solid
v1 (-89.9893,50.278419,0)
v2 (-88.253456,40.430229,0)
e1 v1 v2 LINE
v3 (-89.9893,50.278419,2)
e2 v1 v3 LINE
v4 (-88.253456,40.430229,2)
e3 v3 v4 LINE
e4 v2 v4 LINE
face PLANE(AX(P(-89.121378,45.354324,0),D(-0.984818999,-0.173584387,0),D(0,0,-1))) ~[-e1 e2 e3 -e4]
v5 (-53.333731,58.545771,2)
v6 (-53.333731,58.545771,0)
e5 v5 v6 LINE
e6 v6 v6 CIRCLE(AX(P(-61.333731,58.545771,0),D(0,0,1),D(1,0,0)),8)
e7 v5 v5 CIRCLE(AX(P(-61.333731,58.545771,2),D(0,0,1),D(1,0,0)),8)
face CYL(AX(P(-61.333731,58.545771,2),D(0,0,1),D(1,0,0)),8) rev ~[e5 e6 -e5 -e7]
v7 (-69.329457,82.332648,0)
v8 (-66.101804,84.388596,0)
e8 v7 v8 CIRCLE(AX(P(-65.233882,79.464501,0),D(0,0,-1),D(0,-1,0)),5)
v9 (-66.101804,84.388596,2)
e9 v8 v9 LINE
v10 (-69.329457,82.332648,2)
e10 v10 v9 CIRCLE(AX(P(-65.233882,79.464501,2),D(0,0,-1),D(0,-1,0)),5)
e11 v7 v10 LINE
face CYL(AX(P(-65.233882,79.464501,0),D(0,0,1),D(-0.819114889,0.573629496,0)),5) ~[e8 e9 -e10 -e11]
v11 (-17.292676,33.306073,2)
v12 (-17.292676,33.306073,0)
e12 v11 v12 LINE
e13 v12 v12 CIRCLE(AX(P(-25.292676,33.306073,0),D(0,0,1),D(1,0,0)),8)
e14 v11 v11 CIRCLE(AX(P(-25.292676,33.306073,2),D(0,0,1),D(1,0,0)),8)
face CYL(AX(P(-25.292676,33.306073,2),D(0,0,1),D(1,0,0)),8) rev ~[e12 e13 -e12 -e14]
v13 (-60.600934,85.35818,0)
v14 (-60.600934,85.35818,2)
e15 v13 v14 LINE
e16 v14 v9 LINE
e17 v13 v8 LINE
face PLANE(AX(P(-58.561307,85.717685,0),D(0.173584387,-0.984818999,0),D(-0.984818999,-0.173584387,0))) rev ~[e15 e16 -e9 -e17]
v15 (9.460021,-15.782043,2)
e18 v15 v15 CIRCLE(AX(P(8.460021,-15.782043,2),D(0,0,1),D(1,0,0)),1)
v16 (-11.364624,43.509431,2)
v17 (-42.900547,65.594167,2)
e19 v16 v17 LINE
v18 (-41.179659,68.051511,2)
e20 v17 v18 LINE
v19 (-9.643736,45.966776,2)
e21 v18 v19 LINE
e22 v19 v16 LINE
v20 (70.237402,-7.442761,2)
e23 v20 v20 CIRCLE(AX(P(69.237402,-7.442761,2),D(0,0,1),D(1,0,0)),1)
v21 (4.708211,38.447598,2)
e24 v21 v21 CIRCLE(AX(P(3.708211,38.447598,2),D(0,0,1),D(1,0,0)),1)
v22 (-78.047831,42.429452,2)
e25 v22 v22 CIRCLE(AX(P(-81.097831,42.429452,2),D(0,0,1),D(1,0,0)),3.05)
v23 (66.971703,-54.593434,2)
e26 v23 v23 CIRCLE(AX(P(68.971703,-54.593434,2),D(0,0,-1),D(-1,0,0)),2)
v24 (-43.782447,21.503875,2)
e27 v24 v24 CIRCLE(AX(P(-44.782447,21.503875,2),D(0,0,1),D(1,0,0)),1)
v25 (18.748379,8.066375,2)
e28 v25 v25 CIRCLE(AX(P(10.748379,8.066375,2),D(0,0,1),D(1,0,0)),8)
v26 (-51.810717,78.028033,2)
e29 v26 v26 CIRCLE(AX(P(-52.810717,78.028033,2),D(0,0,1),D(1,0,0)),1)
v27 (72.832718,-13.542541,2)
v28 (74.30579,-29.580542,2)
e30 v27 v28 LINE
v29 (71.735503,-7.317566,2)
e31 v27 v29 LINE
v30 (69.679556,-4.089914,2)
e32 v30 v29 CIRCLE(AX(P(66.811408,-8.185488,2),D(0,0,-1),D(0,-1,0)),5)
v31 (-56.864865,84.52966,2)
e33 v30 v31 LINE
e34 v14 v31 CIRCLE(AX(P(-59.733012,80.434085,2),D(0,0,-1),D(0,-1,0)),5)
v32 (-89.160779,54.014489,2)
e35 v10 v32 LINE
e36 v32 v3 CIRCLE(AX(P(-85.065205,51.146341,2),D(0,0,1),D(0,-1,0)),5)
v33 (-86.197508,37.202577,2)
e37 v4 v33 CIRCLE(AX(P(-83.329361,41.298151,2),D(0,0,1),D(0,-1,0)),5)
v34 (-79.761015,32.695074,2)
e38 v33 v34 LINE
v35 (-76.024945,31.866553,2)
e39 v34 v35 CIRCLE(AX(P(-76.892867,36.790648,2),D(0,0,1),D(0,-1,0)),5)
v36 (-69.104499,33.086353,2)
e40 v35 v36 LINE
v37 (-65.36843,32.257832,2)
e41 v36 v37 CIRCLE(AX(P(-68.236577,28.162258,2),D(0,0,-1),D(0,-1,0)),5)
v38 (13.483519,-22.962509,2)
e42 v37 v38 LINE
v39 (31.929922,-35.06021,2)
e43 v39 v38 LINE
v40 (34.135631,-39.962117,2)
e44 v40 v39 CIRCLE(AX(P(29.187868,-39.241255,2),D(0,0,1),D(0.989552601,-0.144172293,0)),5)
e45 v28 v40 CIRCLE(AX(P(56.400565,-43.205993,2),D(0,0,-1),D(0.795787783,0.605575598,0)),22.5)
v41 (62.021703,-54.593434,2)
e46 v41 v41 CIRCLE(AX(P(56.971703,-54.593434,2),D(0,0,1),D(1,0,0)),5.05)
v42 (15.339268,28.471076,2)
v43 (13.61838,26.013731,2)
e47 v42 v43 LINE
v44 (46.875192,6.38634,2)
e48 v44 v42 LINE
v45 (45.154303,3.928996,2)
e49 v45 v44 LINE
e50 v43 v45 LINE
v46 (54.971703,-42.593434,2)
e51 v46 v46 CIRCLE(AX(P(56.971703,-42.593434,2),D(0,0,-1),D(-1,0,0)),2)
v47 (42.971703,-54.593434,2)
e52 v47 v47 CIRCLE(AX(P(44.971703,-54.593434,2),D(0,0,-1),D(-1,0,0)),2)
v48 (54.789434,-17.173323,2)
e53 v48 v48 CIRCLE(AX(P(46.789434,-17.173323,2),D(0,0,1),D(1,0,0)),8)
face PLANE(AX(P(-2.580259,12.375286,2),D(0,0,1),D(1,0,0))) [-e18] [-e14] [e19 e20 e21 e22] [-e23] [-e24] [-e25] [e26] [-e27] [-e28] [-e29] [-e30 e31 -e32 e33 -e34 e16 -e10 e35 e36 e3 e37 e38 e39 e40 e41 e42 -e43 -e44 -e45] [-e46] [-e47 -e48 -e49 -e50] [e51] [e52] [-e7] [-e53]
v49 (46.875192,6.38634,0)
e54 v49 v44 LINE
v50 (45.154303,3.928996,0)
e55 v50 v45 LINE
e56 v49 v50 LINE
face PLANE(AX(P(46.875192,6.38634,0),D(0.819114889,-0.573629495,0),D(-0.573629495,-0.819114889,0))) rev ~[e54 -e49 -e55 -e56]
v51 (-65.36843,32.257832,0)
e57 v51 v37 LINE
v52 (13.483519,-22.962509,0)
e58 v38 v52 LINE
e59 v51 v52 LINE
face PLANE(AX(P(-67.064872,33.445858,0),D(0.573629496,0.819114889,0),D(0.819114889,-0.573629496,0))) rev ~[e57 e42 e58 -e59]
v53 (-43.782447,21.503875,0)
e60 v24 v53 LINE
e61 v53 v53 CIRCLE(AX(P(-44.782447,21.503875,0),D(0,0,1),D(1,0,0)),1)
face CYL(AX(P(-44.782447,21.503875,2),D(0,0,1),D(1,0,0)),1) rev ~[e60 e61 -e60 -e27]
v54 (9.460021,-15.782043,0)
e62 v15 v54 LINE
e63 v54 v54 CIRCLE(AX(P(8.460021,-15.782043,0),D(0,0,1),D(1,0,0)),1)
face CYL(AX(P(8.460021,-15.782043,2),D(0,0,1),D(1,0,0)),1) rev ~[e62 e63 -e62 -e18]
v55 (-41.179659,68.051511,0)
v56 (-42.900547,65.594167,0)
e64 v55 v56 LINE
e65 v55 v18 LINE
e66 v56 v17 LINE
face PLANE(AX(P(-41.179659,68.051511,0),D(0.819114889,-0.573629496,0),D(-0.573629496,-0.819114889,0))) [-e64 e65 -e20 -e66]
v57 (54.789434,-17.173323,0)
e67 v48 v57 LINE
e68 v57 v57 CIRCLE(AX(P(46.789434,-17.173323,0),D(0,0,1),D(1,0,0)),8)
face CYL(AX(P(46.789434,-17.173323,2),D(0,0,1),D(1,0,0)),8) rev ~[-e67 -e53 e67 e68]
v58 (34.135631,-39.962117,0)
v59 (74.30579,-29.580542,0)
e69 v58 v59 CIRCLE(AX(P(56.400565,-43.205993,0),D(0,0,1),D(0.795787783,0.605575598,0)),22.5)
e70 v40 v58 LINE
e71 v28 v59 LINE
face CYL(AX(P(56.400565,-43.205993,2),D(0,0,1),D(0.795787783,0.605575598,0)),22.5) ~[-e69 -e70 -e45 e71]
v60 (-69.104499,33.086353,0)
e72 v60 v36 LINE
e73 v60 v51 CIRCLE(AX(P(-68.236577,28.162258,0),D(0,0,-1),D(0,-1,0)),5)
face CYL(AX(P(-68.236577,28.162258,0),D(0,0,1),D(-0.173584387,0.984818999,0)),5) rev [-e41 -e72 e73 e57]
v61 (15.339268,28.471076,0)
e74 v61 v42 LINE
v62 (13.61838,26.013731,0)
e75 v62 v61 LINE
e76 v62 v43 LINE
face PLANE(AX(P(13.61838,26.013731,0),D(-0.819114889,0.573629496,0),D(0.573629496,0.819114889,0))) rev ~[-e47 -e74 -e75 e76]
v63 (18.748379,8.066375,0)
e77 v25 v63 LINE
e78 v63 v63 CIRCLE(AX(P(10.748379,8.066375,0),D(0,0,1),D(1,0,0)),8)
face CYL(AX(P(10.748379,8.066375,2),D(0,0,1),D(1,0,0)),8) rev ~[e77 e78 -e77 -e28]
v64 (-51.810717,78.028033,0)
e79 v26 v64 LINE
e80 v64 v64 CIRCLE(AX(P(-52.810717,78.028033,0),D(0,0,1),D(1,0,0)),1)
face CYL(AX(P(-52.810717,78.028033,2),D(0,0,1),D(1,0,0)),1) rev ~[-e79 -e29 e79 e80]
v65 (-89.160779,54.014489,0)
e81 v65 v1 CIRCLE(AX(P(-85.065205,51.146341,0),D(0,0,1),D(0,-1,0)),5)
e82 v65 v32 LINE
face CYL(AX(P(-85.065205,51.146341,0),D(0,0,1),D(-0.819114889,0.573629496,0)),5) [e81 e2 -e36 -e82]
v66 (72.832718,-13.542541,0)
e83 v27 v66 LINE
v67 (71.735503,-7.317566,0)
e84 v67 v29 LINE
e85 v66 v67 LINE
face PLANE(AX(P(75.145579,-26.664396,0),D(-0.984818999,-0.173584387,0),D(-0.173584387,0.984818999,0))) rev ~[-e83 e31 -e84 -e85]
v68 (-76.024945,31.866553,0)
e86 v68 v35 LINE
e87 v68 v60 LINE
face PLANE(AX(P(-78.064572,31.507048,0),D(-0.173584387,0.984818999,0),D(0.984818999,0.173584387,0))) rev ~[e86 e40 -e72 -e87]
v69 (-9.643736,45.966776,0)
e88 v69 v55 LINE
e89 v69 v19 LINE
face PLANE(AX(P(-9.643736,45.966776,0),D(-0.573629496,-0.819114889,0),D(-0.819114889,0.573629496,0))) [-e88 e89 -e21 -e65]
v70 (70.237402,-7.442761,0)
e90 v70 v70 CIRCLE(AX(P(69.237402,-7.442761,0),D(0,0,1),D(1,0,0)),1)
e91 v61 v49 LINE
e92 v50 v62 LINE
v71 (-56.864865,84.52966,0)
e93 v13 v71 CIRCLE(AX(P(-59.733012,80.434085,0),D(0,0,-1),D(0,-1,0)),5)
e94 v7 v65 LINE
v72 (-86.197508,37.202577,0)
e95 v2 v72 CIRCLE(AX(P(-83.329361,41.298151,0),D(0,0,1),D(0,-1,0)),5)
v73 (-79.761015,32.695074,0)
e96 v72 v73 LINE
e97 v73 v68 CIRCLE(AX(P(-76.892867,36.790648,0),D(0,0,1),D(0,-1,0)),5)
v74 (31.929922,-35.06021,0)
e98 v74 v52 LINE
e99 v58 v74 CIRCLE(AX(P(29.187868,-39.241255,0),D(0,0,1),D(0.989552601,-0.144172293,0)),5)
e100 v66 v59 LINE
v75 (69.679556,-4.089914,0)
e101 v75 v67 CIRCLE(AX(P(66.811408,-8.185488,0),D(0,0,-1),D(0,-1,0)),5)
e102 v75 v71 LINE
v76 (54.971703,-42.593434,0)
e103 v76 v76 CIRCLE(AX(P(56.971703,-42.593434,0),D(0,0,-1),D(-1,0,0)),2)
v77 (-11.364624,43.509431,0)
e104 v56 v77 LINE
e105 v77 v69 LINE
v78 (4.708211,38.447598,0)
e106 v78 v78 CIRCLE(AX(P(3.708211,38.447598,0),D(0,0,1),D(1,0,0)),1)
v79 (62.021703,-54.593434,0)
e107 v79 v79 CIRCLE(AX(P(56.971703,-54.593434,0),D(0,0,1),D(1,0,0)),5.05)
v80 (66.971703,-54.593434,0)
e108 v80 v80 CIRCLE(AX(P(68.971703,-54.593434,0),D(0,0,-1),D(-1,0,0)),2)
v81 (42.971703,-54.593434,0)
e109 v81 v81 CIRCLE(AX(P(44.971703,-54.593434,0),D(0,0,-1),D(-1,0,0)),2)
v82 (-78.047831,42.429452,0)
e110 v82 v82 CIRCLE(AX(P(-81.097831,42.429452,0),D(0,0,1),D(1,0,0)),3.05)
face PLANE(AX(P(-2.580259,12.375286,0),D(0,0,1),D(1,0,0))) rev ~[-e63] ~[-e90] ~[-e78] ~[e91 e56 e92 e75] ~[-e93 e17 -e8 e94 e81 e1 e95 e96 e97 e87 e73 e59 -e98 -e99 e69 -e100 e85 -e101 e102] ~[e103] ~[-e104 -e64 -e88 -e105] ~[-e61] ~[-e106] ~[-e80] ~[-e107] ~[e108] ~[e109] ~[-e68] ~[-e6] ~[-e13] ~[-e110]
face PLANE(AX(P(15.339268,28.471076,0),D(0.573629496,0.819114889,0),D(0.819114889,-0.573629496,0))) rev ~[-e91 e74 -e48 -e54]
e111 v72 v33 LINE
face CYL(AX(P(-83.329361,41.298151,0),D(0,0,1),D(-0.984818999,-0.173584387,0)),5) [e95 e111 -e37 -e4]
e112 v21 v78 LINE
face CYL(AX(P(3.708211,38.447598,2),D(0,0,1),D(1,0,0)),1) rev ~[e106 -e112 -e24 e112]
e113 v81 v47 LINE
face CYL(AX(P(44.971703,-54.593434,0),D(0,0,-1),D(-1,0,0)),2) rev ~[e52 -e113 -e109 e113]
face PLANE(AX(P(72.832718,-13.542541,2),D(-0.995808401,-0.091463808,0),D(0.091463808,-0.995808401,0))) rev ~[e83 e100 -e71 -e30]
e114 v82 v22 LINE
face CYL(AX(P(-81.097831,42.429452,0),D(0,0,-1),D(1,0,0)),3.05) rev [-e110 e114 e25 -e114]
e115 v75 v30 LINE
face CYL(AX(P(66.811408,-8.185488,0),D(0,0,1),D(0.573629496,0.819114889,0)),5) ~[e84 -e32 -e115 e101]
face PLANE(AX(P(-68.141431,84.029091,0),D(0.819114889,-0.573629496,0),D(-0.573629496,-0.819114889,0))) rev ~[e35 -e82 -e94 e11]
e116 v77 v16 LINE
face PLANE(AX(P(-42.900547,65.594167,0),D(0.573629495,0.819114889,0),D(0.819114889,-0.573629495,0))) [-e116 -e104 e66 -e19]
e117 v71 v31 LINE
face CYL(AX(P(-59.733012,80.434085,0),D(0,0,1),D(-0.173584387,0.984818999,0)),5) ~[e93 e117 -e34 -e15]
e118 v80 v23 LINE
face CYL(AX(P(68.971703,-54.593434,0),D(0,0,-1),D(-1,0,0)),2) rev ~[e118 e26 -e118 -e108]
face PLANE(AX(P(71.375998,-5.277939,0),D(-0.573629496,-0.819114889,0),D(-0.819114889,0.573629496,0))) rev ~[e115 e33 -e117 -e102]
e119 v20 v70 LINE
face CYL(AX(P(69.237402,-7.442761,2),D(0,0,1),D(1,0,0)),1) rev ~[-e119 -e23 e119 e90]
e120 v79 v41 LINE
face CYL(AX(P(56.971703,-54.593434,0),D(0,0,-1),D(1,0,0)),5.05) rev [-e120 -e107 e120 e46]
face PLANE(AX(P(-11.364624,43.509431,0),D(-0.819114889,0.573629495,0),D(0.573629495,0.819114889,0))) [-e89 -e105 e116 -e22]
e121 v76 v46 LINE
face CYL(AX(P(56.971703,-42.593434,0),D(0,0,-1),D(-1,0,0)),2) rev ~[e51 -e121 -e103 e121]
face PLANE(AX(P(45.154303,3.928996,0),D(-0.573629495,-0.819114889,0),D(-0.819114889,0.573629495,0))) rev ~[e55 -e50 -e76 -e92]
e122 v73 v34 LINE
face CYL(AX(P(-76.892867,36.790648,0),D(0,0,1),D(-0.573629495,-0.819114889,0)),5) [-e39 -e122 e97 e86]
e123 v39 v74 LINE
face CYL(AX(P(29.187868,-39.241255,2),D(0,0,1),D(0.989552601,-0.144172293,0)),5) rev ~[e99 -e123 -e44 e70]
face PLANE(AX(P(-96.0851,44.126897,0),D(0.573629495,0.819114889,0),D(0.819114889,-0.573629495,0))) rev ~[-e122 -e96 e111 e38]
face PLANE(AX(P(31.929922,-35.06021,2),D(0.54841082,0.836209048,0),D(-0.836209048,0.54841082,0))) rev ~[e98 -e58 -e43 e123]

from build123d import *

# Parameters (mm, degrees)
SKETCH_1_R          = 5.05
SKETCH_1_R_2        = 3.05
EXTRUDE_1_DEPTH     = 2
SKETCH_4_R          = 8
CUT_EXTRUDE_2_DEPTH = 10
CHAMFER_4_SIZE      = 10
FILLET_1_R          = 5
SKETCH_5_R          = 2
CUT_EXTRUDE_3_DEPTH = 10
SKETCH_6_R          = 1
CUT_EXTRUDE_4_DEPTH = 10
CUT_EXTRUDE_5_DEPTH = 10
CUT_EXTRUDE_6_DEPTH = 3


with BuildPart() as part:
    # 草图1 → 凸台-拉伸1 (new body)
    with BuildSketch(Plane.XY):
        with BuildLine():
            Line((-58.561307239, 85.717685223), (-68.14143119, 84.029090729))
            Line((-68.14143119, 84.029090729), (-96.085099854, 44.126897339))
            Line((-96.085099854, 44.126897339), (-78.064572289, 31.507048438))
            Line((-78.064572289, 31.507048438), (-67.064872022, 33.445857727))
            Line((-67.064872022, 33.445857727), (32.399547585, -36.209480718))
            ThreePointArc((32.399547585, -36.209480718), (61.848825623, -67.605100723), (75.145579183, -26.664396317))
            Line((75.145579183, -26.664396317), (71.375998152, -5.277939337))
            Line((71.375998152, -5.277939337), (-58.561307239, 85.717685223))
        make_face()
        with Locations((56.971703287, -54.593433609)):
            Circle(SKETCH_1_R, mode=Mode.SUBTRACT)
        with Locations((-81.097830738, 42.429451993)):
            Circle(SKETCH_1_R_2, mode=Mode.SUBTRACT)
    extrude(amount=EXTRUDE_1_DEPTH)

    # 草图4 → 切除-拉伸2 (cut)
    with BuildSketch(Plane.XY.offset(2)):
        with Locations((-61.33373119, 58.54577073)):
            Circle(SKETCH_4_R)
        with Locations((-25.29267606, 33.306072927)):
            Circle(SKETCH_4_R)
        with Locations((10.74837907, 8.066375125)):
            Circle(SKETCH_4_R)
        with Locations((46.789434199, -17.173322677)):
            Circle(SKETCH_4_R)
    extrude(amount=-CUT_EXTRUDE_2_DEPTH, mode=Mode.SUBTRACT)

    # 倒角4
    chamfer_4_edges = [part.edges().sort_by_distance(p)[0] for p in [
        (-96.085099854, 44.126897339, 1),
    ]]
    chamfer(chamfer_4_edges, length=CHAMFER_4_SIZE)

    # 圆角1
    fillet_1_edges = [part.edges().sort_by_distance(p)[0] for p in [
        (-68.14143119, 84.029090729, 1),
        (-58.561307239, 85.717685223, 1),
        (71.375998152, -5.277939337, 1),
        (32.399547585, -36.209480718, 1),
        (-67.064872022, 33.445857727, 1),
        (-78.064572289, 31.507048438, 1),
        (-87.893950961, 38.390602384, 1),
        (-90.348804899, 52.318046232, 1),
    ]]
    fillet(fillet_1_edges, radius=FILLET_1_R)

    # 草图5 → 切除-拉伸3 (cut)
    with BuildSketch(Plane(origin=(0, 0, 0), x_dir=(-1, 0, 0), z_dir=(0, 0, -1))):
        with Locations((-56.971703287, -42.593433609)):
            Circle(SKETCH_5_R)
        with Locations((-44.971703287, -54.593433609)):
            Circle(SKETCH_5_R)
        with Locations((-68.971703287, -54.593433609)):
            Circle(SKETCH_5_R)
    extrude(amount=-CUT_EXTRUDE_3_DEPTH, mode=Mode.SUBTRACT)

    # 草图6 → 切除-拉伸4 (cut)
    with BuildSketch(Plane.XY.offset(2)):
        with Locations((-52.81071672, 78.028033355)):
            Circle(SKETCH_6_R)
        with Locations((3.708210642, 38.447598165)):
            Circle(SKETCH_6_R)
        with Locations((69.237401787, -7.442761475)):
            Circle(SKETCH_6_R)
        with Locations((-44.782446967, 21.503874532)):
            Circle(SKETCH_6_R)
        with Locations((8.460020838, -15.782042676)):
            Circle(SKETCH_6_R)
    extrude(amount=-CUT_EXTRUDE_4_DEPTH, mode=Mode.SUBTRACT)

    # 草图7 → 切除-拉伸5 (cut)
    with BuildSketch(Plane(origin=(0, 0, 0), x_dir=(-1, 0, 0), z_dir=(0, 0, -1))):
        Polygon((42.900547388, 65.594166547), (11.364624149, 43.50943097), (9.643735663, 45.966775638), (41.179658901, 68.051511215), align=None)
        Polygon((-45.154303213, 3.92899578), (-13.618379974, 26.013731357), (-15.339268461, 28.471076025), (-46.875191699, 6.386340448), align=None)
    extrude(amount=-CUT_EXTRUDE_5_DEPTH, mode=Mode.SUBTRACT)

    # 草图8 → 切除-拉伸6 (cut, through all)
    with BuildSketch(Plane.XY.offset(2)):
        with BuildLine():
            Line((31.929922098, -35.060209846), (13.483519413, -22.962509091))
            Line((13.483519413, -22.962509091), (28.325536176, -95.018326982))
            Line((28.325536176, -95.018326982), (121.098918435, -54.025437146))
            Line((121.098918435, -54.025437146), (72.832718458, -13.542541133))
            Line((72.832718458, -13.542541133), (74.305789634, -29.580542184))
            ThreePointArc((74.305789634, -29.580542184), (62.030487783, -64.990252685), (34.135631, -39.96211655))
            ThreePointArc((34.135631, -39.96211655), (33.747527426, -37.189547046), (31.929922098, -35.060209846))
        make_face()
    extrude(amount=-CUT_EXTRUDE_6_DEPTH, mode=Mode.SUBTRACT)


solid = part.part
